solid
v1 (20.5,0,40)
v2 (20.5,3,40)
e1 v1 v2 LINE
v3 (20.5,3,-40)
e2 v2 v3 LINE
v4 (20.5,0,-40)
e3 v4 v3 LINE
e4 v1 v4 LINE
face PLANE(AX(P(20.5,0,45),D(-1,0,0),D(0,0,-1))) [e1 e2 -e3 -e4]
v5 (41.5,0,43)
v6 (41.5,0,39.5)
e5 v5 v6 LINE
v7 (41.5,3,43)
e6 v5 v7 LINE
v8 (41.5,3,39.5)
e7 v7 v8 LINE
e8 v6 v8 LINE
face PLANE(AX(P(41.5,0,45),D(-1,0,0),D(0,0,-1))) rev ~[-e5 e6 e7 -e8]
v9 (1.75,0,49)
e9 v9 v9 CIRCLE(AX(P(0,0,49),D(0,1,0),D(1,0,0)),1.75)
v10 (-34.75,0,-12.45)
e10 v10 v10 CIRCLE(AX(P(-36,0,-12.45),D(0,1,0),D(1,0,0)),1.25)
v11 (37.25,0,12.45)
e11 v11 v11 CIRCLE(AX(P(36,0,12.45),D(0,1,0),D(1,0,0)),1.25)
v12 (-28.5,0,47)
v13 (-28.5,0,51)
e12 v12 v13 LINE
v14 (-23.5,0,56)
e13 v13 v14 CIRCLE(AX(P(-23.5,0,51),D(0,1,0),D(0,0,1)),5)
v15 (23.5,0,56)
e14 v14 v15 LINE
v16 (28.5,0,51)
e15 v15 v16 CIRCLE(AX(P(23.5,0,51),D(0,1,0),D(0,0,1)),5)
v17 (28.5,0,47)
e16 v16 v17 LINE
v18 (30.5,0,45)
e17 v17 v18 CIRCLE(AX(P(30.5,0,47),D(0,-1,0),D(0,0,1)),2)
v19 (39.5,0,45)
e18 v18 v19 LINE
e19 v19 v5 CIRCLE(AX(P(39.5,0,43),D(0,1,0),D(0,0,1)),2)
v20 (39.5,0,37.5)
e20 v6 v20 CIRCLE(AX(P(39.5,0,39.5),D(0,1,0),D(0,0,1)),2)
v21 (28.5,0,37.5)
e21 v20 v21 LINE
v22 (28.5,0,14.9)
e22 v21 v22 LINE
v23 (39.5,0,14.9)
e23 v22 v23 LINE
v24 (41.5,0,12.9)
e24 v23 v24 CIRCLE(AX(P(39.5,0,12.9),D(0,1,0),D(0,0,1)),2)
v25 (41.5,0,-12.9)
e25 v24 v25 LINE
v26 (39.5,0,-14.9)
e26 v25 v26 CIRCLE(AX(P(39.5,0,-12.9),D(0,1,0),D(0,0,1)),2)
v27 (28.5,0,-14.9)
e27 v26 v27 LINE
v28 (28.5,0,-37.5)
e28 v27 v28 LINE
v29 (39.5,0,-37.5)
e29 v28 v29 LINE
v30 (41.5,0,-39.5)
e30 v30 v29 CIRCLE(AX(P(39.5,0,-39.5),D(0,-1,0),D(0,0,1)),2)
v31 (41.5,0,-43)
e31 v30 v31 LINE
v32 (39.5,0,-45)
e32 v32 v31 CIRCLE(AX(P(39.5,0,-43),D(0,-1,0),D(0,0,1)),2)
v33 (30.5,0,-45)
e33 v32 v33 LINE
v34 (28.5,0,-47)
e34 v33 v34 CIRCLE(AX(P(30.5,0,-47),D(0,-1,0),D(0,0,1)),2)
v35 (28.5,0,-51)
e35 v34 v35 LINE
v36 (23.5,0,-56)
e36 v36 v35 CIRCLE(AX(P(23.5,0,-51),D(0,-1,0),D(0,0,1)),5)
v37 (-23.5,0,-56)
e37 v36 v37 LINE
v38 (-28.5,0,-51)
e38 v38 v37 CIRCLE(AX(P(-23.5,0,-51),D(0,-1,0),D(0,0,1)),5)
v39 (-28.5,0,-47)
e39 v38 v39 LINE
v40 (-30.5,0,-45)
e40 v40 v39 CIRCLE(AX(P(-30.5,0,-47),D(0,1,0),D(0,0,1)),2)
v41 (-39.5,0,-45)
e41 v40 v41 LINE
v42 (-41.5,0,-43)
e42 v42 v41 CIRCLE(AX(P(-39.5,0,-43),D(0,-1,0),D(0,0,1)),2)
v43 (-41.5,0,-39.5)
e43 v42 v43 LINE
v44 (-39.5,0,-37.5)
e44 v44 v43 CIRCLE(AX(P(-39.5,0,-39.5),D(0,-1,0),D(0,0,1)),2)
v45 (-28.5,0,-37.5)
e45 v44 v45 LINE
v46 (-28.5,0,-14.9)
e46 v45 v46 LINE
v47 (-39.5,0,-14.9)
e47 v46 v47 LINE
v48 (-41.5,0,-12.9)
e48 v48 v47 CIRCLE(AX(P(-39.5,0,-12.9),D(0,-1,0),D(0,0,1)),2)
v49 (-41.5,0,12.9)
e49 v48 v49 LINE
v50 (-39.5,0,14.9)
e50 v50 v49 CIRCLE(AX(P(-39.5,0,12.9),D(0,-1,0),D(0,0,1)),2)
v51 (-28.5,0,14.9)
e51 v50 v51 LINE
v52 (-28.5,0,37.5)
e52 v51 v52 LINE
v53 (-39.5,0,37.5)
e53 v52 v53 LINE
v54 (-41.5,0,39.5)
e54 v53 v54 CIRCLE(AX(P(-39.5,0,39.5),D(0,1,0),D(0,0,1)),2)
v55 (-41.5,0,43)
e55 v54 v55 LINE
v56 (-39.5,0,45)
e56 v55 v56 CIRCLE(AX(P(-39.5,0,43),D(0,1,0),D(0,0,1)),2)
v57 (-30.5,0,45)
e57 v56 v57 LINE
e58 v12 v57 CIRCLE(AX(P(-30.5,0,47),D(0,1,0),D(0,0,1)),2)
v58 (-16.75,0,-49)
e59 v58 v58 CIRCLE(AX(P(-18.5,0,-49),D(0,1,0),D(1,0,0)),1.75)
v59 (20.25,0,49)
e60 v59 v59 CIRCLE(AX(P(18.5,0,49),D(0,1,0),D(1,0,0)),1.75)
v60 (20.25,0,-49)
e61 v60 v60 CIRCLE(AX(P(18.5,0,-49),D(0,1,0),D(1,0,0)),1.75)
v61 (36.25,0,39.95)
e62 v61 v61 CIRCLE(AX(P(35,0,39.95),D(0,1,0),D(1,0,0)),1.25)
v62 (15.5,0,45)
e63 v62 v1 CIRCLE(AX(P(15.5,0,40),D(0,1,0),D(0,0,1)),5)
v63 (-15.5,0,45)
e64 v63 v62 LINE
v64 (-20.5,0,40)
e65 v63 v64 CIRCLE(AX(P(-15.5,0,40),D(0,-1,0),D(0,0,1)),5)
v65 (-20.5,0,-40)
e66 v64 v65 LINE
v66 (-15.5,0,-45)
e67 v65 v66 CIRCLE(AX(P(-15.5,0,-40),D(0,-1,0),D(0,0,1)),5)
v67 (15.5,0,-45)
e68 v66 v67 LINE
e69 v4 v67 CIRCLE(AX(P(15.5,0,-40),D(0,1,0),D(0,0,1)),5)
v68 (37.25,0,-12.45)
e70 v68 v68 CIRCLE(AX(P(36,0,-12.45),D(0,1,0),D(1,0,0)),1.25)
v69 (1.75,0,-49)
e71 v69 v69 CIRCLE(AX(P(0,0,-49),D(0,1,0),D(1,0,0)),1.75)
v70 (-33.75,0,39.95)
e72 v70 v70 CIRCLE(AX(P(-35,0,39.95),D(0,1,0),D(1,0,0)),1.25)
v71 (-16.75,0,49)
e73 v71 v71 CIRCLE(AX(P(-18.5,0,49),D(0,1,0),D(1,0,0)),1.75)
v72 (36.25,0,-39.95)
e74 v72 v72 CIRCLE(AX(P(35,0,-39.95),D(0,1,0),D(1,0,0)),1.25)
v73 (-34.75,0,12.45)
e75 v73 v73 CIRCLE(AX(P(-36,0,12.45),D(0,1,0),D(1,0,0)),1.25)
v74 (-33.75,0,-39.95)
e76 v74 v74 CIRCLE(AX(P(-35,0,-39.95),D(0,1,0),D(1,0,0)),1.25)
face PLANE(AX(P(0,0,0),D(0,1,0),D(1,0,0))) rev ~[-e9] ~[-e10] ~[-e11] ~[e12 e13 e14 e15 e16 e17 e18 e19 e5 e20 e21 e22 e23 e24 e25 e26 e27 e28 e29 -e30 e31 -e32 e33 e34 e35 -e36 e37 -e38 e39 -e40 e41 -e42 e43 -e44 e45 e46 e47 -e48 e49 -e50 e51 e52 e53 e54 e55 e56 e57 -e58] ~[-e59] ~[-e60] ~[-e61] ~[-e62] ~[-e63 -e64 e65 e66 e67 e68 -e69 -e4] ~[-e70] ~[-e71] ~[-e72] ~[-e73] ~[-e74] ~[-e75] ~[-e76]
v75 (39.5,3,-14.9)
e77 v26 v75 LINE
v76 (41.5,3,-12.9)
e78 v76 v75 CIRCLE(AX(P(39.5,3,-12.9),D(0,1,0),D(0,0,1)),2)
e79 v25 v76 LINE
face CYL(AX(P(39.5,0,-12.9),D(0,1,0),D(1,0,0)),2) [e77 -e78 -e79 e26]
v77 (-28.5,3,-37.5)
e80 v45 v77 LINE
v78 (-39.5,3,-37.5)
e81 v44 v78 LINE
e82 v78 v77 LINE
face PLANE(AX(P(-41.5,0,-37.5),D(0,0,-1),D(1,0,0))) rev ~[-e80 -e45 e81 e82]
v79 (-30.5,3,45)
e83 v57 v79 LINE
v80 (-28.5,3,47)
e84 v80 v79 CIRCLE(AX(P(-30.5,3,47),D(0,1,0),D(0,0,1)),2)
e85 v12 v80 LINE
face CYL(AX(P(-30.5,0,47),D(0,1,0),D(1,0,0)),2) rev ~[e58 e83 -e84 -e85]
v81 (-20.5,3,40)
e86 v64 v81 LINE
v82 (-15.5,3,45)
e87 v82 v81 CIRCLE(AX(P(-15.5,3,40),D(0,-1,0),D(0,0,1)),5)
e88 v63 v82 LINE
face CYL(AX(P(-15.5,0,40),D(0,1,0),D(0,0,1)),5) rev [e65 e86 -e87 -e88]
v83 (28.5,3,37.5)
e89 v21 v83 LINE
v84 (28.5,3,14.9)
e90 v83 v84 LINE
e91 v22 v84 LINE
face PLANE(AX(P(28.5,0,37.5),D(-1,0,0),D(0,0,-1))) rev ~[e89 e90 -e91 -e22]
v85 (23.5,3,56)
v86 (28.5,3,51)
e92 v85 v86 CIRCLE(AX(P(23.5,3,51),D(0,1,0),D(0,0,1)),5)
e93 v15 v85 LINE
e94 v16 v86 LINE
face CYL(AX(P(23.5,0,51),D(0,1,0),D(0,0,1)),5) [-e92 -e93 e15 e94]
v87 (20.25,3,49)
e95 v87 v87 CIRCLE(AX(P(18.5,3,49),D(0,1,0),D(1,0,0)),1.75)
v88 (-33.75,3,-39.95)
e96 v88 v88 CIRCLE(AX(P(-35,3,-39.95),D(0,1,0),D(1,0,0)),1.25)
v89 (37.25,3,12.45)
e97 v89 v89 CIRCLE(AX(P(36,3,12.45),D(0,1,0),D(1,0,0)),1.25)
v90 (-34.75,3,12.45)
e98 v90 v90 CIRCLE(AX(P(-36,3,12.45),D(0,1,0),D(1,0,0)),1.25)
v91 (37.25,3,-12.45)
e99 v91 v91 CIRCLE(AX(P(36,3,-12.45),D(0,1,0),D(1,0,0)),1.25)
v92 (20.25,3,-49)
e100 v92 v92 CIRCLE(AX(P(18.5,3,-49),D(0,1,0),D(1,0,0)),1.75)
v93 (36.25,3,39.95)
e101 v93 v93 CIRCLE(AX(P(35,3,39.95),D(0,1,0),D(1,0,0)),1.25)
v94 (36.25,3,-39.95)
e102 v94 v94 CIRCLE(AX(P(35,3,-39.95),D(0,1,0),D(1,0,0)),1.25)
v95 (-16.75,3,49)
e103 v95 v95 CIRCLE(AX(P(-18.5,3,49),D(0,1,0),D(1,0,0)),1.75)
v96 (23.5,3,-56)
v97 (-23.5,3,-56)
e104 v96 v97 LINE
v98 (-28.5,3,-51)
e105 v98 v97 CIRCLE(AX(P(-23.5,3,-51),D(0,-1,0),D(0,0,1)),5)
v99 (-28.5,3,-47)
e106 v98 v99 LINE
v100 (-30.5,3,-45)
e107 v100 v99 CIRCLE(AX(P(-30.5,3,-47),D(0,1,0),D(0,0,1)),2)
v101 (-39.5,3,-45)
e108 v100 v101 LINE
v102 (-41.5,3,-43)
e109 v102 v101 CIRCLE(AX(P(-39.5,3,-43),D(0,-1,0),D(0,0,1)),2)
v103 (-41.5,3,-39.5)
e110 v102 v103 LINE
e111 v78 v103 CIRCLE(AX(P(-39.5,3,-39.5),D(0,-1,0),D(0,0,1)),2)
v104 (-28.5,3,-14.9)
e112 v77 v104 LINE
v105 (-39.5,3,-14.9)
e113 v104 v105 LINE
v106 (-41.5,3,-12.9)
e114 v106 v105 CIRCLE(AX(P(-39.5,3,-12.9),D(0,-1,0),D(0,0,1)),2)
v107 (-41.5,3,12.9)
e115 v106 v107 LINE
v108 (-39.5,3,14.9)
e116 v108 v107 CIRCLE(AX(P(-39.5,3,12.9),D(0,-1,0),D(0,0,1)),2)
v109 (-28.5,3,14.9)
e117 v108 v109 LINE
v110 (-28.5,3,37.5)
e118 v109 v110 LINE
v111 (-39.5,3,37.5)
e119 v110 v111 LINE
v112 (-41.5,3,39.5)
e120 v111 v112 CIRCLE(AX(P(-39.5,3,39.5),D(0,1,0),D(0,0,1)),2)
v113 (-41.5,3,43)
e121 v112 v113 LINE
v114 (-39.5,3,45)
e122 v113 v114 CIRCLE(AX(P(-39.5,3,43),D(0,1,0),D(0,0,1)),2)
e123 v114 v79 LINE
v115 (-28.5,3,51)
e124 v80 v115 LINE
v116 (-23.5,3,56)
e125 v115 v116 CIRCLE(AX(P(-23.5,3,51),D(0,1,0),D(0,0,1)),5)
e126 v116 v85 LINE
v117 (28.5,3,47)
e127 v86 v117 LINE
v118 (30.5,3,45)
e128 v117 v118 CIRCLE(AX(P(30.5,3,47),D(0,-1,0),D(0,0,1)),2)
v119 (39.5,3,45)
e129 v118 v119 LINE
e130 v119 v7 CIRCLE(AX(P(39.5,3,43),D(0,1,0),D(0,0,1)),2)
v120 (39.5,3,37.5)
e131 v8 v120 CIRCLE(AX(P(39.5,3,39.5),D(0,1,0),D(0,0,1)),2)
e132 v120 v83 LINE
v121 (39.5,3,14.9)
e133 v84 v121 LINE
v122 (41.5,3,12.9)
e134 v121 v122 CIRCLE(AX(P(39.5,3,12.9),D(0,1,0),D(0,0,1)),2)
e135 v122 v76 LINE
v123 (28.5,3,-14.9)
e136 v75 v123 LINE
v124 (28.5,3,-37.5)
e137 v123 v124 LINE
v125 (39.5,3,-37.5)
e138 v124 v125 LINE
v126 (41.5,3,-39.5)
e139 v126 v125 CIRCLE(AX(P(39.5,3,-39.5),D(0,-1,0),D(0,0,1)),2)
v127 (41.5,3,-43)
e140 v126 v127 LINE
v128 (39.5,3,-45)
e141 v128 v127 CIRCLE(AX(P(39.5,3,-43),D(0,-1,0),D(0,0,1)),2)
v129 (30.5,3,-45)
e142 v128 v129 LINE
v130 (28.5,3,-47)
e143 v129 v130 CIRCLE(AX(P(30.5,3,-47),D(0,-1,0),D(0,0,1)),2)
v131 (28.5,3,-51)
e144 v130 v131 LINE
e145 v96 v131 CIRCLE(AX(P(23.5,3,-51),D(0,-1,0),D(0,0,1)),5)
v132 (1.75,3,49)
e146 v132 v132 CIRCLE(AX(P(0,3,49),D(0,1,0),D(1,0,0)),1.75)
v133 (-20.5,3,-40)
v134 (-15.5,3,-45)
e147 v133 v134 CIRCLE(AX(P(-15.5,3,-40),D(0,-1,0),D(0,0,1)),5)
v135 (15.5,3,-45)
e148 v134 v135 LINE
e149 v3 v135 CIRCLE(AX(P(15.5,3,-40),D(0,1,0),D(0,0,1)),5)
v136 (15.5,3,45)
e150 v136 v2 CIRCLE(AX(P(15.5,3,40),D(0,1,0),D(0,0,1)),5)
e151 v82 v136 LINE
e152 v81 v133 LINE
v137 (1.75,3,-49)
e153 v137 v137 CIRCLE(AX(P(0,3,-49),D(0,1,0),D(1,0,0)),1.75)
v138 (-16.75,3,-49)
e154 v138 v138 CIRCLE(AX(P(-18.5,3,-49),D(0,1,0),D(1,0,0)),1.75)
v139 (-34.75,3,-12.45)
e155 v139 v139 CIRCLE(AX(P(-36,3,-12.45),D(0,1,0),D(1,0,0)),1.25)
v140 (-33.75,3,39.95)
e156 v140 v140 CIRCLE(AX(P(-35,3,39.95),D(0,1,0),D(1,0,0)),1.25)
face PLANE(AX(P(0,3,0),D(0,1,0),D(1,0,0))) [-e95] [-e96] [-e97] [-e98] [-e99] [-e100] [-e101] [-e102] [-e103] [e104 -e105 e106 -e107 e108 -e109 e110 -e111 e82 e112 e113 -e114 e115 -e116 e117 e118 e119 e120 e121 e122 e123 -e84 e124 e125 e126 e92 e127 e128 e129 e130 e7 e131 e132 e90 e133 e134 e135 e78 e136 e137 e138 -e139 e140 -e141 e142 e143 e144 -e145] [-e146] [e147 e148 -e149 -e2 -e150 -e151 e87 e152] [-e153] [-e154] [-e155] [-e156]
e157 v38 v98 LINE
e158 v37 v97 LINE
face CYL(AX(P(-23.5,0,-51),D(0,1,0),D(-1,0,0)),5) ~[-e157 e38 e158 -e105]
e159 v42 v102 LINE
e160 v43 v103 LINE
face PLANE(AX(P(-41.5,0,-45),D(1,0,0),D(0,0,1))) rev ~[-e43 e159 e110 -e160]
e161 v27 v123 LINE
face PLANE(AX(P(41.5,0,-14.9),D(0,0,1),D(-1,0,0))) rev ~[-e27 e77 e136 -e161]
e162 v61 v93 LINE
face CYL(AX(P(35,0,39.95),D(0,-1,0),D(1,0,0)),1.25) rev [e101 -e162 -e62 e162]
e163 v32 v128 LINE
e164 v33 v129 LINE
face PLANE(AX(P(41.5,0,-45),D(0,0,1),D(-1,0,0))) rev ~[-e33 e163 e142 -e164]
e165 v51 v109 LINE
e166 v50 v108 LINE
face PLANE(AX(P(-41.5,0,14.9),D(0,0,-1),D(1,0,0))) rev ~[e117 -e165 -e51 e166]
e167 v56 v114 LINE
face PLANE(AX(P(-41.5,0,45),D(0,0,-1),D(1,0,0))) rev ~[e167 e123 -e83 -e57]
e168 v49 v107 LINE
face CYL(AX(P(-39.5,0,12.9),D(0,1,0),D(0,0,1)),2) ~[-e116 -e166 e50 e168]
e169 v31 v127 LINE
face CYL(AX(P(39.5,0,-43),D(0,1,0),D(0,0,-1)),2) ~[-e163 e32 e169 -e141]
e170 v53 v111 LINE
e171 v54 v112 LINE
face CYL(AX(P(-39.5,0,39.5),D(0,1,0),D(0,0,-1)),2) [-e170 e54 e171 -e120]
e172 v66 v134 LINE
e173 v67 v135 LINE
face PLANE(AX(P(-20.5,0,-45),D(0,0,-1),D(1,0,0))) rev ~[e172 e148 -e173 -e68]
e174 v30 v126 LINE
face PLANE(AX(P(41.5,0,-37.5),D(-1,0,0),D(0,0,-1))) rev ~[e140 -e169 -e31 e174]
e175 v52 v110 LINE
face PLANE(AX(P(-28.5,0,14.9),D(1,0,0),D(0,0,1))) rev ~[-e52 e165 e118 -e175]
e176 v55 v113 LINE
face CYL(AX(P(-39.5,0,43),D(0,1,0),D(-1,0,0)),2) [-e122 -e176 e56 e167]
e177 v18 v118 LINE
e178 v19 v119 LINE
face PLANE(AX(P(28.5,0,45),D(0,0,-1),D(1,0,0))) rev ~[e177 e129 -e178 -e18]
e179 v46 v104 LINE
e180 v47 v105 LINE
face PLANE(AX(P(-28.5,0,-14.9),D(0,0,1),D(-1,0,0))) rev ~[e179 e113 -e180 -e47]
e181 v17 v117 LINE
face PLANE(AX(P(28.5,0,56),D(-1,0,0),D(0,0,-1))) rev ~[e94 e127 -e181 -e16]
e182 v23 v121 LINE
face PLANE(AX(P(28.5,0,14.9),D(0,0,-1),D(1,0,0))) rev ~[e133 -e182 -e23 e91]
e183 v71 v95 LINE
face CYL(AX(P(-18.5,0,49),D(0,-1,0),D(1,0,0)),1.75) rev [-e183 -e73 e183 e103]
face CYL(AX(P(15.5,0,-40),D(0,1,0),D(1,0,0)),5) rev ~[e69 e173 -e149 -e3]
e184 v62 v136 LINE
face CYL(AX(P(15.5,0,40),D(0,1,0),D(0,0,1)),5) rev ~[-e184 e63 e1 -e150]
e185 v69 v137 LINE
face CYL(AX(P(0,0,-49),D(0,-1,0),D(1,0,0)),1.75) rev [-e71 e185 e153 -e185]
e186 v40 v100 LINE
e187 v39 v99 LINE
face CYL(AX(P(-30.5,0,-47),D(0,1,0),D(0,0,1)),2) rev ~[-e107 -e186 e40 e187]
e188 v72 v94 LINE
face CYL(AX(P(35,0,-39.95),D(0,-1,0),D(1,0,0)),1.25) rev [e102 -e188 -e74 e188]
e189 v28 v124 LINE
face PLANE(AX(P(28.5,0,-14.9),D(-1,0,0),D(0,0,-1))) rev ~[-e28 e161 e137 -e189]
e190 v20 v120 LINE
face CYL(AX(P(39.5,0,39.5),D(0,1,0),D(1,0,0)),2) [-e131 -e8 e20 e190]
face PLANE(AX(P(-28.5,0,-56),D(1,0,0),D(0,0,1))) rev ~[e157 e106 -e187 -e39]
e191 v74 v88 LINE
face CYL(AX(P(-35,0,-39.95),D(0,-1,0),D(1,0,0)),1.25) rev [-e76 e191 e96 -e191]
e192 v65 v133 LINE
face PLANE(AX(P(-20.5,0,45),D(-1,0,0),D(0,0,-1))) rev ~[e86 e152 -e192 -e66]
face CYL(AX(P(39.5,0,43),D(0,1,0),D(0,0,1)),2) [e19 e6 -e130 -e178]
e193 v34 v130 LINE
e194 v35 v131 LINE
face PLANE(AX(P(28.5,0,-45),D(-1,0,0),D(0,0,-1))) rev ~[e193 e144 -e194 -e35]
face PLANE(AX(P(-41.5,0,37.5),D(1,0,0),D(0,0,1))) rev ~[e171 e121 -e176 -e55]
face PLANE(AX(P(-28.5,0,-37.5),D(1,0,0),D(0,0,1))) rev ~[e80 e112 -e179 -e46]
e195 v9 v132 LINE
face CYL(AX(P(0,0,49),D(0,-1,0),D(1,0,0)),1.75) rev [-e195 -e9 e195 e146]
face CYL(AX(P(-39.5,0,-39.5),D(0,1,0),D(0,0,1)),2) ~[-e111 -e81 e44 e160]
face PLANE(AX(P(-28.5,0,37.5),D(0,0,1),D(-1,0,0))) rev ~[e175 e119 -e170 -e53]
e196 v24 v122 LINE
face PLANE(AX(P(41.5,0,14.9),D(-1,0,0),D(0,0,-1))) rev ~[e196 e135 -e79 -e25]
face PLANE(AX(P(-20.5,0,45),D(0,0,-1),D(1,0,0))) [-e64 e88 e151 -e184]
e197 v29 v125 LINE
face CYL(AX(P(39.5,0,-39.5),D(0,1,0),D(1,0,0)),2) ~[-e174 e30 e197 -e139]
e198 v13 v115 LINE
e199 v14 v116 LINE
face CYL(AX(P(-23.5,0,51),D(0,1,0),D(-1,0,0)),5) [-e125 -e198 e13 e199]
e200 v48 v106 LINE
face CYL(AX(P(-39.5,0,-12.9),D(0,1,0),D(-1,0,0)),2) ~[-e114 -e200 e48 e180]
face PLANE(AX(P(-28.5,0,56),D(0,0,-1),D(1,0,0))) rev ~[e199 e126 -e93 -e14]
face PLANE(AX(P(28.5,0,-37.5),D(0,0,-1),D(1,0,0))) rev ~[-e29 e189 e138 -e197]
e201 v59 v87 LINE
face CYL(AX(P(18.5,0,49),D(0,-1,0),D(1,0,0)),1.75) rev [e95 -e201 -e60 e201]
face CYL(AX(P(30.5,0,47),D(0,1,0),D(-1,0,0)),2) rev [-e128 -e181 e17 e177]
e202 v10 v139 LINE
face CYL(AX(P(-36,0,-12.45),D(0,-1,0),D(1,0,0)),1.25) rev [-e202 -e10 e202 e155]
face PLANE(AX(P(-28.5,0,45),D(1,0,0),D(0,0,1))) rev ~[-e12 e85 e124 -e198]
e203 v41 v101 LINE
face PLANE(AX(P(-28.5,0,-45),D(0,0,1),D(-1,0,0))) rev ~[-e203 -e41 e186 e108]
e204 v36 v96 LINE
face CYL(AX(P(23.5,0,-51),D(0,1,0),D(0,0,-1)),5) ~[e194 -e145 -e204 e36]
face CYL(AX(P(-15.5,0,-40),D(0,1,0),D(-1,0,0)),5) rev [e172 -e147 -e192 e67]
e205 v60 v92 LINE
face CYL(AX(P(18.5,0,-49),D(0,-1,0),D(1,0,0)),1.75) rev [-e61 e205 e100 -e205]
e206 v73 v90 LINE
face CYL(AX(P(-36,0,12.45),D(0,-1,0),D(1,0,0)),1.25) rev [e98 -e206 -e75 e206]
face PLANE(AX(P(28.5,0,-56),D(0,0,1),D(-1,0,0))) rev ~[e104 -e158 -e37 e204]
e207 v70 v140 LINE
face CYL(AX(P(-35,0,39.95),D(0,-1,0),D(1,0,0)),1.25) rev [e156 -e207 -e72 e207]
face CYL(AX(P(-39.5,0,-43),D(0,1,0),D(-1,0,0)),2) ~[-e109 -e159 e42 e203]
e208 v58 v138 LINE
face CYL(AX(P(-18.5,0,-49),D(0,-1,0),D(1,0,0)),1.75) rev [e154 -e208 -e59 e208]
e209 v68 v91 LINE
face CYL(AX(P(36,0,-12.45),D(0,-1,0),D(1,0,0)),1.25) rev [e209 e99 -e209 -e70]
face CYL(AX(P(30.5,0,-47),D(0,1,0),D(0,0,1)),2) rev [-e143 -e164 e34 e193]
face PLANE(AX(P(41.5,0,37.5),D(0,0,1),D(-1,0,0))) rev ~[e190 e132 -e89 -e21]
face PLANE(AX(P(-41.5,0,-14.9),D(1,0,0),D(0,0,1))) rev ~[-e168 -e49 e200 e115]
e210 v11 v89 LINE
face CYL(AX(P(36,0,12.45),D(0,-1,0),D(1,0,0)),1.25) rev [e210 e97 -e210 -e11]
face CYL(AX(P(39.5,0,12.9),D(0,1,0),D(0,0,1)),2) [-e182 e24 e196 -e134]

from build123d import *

# Parameters (mm, degrees)
SKETCH_1_W      = 41
SKETCH_1_H      = 90
SKETCH_1_R      = 1.25
SKETCH_1_R_2    = 1.75
EXTRUDE_1_DEPTH = 3
FILLET_1_R      = 2
FILLET_2_R      = 5
FILLET_3_R      = 2


with BuildPart() as part:
    # 草图1 → 凸台-拉伸1 (new body)
    with BuildSketch(Plane(origin=(0, 0, 0), x_dir=(1, 0, 0), z_dir=(0, 1, 0))):
        Polygon((-28.5, -37.5), (-41.5, -37.5), (-41.5, -45), (-28.5, -45), (-28.5, -56), (28.5, -56), (28.5, -45), (41.5, -45), (41.5, -37.5), (28.5, -37.5), (28.5, -14.9), (41.5, -14.9), (41.5, 14.9), (28.5, 14.9), (28.5, 37.5), (41.5, 37.5), (41.5, 45), (28.5, 45), (28.5, 56), (-28.5, 56), (-28.5, 45), (-41.5, 45), (-41.5, 37.5), (-28.5, 37.5), (-28.5, 14.9), (-41.5, 14.9), (-41.5, -14.9), (-28.5, -14.9), align=None)
        Rectangle(SKETCH_1_W, SKETCH_1_H, mode=Mode.SUBTRACT)
        with Locations((-35, -39.95)):
            Circle(SKETCH_1_R, mode=Mode.SUBTRACT)
        with Locations((18.5, -49)):
            Circle(SKETCH_1_R_2, mode=Mode.SUBTRACT)
        with Locations((-18.5, -49)):
            Circle(SKETCH_1_R_2, mode=Mode.SUBTRACT)
        with Locations((-36, 12.45)):
            Circle(SKETCH_1_R, mode=Mode.SUBTRACT)
        with Locations((-36, -12.45)):
            Circle(SKETCH_1_R, mode=Mode.SUBTRACT)
        with Locations((0, -49)):
            Circle(SKETCH_1_R_2, mode=Mode.SUBTRACT)
        with Locations((18.5, 49)):
            Circle(SKETCH_1_R_2, mode=Mode.SUBTRACT)
        with Locations((-18.5, 49)):
            Circle(SKETCH_1_R_2, mode=Mode.SUBTRACT)
        with Locations((0, 49)):
            Circle(SKETCH_1_R_2, mode=Mode.SUBTRACT)
        with Locations((-35, 39.95)):
            Circle(SKETCH_1_R, mode=Mode.SUBTRACT)
        with Locations((35, 39.95)):
            Circle(SKETCH_1_R, mode=Mode.SUBTRACT)
        with Locations((35, -39.95)):
            Circle(SKETCH_1_R, mode=Mode.SUBTRACT)
        with Locations((36, 12.45)):
            Circle(SKETCH_1_R, mode=Mode.SUBTRACT)
        with Locations((36, -12.45)):
            Circle(SKETCH_1_R, mode=Mode.SUBTRACT)
    extrude(amount=EXTRUDE_1_DEPTH)

    # 圆角1
    fillet_1_edges = [part.edges().sort_by_distance(p)[0] for p in [
        (-41.5, 1.5, 45),
        (-41.5, 1.5, 37.5),
        (-41.5, 1.5, 14.9),
        (-41.5, 1.5, -14.9),
        (-41.5, 1.5, -37.5),
        (-41.5, 1.5, -45),
        (41.5, 1.5, -45),
        (41.5, 1.5, -37.5),
        (41.5, 1.5, -14.9),
        (41.5, 1.5, 14.9),
        (41.5, 1.5, 37.5),
        (41.5, 1.5, 45),
    ]]
    fillet(fillet_1_edges, radius=FILLET_1_R)

    # 圆角2
    fillet_2_edges = [part.edges().sort_by_distance(p)[0] for p in [
        (28.5, 1.5, 56),
        (-28.5, 1.5, 56),
        (-28.5, 1.5, -56),
        (28.5, 1.5, -56),
        (20.5, 1.5, 45),
        (20.5, 1.5, -45),
        (-20.5, 1.5, -45),
        (-20.5, 1.5, 45),
    ]]
    fillet(fillet_2_edges, radius=FILLET_2_R)

    # 圆角3
    fillet_3_edges = [part.edges().sort_by_distance(p)[0] for p in [
        (-28.5, 1.5, 45),
        (-28.5, 1.5, -45),
        (28.5, 1.5, -45),
        (28.5, 1.5, 45),
    ]]
    fillet(fillet_3_edges, radius=FILLET_3_R)


solid = part.part
